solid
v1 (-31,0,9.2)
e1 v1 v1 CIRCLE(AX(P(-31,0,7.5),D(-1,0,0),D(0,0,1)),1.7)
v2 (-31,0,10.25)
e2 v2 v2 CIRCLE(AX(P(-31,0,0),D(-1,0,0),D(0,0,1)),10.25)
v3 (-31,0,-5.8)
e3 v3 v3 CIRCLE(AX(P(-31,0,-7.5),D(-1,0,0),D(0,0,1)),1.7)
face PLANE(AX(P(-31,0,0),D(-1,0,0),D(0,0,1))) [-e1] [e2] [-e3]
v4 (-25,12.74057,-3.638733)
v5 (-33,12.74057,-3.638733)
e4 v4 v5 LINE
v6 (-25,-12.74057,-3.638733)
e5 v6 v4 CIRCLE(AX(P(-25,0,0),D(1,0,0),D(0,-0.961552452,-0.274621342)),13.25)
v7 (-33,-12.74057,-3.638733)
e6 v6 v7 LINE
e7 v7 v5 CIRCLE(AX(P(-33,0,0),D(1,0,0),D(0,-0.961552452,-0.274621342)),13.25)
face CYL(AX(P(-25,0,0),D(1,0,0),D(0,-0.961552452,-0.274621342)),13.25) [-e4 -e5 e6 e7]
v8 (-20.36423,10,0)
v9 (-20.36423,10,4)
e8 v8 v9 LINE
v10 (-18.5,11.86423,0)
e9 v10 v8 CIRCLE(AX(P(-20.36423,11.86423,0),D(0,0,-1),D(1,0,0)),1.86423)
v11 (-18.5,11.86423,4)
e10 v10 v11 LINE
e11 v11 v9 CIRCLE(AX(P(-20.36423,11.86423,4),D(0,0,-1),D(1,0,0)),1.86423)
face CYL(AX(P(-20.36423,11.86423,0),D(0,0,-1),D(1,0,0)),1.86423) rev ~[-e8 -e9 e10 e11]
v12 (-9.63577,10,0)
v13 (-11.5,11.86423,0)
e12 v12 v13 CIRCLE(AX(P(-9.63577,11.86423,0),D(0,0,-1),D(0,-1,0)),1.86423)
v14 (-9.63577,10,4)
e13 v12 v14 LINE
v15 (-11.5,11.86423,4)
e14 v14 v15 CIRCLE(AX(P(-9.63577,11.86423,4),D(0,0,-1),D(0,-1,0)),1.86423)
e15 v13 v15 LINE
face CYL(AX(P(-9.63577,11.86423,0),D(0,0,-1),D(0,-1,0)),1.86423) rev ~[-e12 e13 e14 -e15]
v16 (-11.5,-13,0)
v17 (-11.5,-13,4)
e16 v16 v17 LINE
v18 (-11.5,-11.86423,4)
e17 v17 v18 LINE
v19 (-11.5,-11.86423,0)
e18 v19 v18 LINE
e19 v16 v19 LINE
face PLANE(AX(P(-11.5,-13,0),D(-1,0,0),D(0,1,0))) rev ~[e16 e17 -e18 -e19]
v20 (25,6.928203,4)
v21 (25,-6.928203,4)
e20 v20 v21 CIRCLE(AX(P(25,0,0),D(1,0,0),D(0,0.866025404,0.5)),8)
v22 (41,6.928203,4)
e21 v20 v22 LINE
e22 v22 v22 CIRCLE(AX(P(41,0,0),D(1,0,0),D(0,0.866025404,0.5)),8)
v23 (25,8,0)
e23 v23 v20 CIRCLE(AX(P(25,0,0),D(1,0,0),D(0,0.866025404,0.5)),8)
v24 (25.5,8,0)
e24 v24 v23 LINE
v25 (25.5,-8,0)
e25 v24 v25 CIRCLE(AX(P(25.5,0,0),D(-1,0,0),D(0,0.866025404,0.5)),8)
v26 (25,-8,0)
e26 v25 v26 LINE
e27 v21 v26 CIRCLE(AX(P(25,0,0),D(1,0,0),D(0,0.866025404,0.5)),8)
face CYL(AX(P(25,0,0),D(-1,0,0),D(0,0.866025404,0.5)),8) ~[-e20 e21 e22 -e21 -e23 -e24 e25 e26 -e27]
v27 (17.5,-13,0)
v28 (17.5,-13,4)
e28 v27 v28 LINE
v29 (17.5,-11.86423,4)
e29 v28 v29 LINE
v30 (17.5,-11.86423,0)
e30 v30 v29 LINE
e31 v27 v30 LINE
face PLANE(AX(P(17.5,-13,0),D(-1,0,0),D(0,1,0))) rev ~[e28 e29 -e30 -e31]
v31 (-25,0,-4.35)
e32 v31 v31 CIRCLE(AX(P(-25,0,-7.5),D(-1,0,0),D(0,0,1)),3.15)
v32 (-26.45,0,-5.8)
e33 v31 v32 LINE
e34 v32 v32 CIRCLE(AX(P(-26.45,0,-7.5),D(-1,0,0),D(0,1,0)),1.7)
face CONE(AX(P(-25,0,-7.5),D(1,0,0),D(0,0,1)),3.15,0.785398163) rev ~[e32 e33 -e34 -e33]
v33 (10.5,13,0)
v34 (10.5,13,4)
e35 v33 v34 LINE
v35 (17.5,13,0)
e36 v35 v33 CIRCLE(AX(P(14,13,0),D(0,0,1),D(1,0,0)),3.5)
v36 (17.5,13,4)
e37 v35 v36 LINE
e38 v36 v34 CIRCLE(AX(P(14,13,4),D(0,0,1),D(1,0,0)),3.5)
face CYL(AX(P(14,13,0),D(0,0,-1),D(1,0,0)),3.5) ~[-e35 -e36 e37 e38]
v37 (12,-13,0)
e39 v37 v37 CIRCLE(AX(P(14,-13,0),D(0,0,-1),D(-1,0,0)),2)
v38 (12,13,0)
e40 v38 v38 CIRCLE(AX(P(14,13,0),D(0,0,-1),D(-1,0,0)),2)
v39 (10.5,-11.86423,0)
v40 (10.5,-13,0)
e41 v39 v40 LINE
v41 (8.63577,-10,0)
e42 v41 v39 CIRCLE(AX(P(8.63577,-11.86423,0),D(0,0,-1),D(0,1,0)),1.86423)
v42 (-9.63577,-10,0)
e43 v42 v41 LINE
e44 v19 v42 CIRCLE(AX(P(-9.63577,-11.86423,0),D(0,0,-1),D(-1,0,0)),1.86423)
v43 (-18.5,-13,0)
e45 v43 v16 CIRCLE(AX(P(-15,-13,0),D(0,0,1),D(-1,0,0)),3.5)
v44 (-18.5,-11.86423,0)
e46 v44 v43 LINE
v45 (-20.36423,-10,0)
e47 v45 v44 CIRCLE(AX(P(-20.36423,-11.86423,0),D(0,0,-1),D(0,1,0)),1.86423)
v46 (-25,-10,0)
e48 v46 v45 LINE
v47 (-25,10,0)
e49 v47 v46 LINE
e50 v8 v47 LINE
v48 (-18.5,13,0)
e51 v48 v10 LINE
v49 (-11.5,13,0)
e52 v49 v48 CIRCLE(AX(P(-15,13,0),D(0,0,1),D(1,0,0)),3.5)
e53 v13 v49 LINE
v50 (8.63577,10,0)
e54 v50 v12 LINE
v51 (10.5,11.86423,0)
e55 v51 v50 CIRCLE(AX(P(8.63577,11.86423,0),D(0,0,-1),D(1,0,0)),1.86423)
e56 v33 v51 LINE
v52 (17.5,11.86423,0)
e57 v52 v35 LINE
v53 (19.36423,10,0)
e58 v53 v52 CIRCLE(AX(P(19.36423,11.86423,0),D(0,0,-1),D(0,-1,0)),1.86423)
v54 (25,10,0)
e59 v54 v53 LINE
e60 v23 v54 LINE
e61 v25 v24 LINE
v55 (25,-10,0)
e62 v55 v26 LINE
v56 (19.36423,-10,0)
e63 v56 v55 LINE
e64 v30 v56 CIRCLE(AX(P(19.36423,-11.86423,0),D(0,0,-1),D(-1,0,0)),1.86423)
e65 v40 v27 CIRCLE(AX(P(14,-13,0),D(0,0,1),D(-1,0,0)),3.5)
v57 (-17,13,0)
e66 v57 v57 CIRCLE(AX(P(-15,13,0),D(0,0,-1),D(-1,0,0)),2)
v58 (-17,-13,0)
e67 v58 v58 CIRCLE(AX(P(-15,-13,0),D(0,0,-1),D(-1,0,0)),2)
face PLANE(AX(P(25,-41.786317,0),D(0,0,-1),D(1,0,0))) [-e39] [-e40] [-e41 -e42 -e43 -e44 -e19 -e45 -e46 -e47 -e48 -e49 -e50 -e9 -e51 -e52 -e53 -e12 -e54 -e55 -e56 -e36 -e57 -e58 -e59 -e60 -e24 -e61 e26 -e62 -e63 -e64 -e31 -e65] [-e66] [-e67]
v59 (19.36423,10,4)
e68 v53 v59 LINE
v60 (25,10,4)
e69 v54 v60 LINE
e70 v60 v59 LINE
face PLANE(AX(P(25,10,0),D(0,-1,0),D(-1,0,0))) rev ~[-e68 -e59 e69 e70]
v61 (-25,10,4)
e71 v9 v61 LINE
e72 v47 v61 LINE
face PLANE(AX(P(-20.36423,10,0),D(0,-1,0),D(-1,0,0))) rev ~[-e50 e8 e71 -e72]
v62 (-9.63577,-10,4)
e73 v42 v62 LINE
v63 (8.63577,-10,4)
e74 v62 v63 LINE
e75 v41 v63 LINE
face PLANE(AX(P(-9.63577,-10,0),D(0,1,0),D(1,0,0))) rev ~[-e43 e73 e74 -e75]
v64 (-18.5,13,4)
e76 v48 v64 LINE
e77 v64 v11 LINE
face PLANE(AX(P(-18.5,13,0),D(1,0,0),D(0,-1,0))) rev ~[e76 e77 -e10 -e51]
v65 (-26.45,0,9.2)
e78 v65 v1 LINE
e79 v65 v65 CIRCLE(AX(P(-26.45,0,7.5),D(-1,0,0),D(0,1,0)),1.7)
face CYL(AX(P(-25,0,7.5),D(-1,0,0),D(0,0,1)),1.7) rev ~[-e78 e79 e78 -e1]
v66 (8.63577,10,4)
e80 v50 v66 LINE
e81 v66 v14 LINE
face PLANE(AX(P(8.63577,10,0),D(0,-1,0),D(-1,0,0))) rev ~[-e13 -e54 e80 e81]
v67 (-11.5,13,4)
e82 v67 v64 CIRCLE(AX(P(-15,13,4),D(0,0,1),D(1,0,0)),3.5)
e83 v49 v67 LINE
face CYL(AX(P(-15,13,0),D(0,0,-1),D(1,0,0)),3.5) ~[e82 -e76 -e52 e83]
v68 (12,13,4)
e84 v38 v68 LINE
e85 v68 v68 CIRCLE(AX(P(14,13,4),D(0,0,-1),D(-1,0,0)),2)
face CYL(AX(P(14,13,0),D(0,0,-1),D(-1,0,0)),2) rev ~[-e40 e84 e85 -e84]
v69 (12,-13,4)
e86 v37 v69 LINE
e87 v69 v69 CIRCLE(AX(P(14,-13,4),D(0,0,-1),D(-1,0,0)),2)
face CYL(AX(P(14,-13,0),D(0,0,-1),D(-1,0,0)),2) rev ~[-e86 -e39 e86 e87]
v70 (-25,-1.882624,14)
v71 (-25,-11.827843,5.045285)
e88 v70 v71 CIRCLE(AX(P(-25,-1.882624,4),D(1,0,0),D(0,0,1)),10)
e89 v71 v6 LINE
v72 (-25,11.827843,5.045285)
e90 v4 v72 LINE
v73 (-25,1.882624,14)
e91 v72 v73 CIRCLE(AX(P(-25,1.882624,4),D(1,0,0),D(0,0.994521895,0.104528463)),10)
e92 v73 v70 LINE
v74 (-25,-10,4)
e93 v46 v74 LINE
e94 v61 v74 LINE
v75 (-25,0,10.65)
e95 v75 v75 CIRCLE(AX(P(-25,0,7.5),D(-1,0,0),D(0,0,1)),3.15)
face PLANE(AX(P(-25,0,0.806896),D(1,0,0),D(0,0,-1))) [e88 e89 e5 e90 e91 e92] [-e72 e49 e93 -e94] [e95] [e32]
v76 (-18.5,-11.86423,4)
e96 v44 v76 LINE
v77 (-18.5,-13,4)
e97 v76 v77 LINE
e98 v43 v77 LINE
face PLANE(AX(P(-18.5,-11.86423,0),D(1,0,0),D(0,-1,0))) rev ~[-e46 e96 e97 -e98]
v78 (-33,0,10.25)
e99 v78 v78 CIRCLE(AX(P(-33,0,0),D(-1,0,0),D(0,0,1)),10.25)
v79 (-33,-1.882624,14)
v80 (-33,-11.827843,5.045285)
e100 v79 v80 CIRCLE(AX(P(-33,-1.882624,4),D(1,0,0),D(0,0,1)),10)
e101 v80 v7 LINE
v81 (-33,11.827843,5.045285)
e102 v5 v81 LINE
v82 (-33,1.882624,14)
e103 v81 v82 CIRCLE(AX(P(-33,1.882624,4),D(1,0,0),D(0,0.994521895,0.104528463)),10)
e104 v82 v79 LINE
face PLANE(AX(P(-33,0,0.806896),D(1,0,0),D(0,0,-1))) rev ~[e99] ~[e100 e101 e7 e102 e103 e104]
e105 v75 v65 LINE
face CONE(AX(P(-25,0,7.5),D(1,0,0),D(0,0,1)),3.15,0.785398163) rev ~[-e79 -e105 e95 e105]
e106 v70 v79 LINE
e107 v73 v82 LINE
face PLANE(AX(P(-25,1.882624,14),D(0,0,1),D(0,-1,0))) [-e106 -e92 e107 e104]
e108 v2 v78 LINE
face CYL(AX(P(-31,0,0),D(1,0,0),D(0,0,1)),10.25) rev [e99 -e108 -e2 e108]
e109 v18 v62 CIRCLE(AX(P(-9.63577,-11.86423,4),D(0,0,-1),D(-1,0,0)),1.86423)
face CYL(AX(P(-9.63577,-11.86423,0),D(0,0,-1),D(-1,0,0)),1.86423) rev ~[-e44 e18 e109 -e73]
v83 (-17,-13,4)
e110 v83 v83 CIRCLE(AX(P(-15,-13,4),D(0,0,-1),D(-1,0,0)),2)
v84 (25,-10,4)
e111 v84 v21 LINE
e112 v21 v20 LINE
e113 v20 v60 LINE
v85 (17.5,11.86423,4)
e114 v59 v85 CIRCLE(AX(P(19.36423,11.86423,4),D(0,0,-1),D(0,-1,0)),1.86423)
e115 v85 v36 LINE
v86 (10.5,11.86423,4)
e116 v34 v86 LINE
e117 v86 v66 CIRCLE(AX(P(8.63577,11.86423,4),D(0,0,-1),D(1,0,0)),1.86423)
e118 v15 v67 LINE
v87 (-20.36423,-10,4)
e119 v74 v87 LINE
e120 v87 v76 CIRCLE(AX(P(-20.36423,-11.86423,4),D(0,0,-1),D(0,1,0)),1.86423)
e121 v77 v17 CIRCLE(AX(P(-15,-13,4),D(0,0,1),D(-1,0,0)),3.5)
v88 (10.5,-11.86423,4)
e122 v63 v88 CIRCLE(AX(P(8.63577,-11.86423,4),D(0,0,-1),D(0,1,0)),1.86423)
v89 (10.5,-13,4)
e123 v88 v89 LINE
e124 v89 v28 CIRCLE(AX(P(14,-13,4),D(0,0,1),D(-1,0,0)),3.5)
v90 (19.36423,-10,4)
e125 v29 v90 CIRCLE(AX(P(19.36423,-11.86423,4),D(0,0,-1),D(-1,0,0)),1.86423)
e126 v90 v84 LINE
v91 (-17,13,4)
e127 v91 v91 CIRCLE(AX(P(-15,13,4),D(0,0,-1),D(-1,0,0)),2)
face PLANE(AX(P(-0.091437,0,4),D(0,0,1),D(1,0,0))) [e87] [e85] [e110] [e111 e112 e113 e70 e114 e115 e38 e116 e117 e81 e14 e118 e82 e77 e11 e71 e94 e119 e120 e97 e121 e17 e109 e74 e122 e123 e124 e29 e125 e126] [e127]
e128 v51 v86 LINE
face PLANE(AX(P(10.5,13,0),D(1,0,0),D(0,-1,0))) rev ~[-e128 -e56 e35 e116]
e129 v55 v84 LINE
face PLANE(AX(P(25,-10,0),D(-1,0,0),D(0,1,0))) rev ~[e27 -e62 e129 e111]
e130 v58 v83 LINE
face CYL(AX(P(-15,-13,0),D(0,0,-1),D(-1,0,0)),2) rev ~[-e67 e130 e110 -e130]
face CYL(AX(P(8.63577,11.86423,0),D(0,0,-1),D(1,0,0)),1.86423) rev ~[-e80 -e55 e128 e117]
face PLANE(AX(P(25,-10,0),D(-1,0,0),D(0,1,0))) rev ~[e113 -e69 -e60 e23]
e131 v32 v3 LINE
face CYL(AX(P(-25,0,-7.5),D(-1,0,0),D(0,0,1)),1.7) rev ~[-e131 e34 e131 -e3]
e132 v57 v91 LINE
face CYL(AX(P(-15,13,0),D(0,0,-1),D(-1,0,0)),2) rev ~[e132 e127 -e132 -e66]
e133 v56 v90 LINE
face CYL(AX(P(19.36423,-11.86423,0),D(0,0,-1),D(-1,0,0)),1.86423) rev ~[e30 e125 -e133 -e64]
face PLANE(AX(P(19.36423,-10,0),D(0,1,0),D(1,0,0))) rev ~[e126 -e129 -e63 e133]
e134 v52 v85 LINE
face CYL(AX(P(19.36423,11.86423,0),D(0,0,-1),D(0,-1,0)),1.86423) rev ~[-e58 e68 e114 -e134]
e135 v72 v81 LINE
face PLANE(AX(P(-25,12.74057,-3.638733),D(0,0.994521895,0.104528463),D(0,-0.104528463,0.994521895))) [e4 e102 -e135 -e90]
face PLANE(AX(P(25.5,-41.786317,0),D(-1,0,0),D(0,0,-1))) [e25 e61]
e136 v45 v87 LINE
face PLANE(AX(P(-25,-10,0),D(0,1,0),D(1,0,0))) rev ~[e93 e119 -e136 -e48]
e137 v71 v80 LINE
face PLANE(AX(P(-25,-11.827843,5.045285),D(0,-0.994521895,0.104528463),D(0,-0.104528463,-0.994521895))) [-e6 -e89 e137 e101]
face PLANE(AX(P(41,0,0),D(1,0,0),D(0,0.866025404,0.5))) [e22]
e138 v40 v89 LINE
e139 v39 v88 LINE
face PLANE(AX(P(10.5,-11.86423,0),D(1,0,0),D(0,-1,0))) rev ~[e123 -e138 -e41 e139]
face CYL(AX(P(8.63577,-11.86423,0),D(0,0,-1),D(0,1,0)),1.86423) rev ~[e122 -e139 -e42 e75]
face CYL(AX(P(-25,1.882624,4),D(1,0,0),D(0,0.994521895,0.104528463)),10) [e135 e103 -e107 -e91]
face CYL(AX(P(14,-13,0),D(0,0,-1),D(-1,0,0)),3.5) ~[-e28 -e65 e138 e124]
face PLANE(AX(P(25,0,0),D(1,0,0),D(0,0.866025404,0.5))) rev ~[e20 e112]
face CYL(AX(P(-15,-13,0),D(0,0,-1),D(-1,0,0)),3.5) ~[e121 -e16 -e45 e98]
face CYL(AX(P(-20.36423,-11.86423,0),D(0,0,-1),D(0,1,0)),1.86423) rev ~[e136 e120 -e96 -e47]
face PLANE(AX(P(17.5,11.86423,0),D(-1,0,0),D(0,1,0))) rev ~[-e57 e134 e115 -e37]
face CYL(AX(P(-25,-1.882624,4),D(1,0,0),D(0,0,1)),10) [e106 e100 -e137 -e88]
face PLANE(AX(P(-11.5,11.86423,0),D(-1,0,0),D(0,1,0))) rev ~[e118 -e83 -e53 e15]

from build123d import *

# Parameters (mm, degrees)
BOSS_EXTRU_1_DEPTH                             = 4
BOSS_EXTRU_2_DEPTH                             = 8
ENL_V_START                                    = -2
ESQUISSE3_R                                    = 10.25
ENL_V_MAT_EXTRU_1_DEPTH                        = 2
ESQUISSE6_R                                    = 2
ENL_V_MAT_EXTRU_2_DEPTH                        = 40.462007045
ESQUISSE7_R                                    = 8
BOSS_EXTRU_5_DEPTH                             = 16
ENL_V_MAT_EXTRU_3_DEPTH                        = 51.786317055
ENL_V_MAT_EXTRU_3_DEPTH_BACK                   = 51.786317055
ESQUISSE9_W                                    = 0.5
ESQUISSE9_H                                    = 9.601810628
FRAISAGE_POUR_VIS_T_TE_FRAIS_E_M31_D           = 3.4
FRAISAGE_POUR_VIS_T_TE_FRAIS_E_M31_DEPTH       = 8
FRAISAGE_POUR_VIS_T_TE_FRAIS_E_M31_CSINK_D     = 6.3
FRAISAGE_POUR_VIS_T_TE_FRAIS_E_M31_CSINK_ANGLE = 90


with BuildPart() as part:
    # Esquisse1 → Boss.-Extru.1 (new body)
    with BuildSketch(Plane.XY):
        with BuildLine():
            Line((25, -10), (25, 10))
            Line((25, 10), (19.364230348, 10))
            ThreePointArc((19.364230348, 10), (18.046020427, 10.546020427), (17.5, 11.864230348))
            Line((17.5, 11.864230348), (17.5, 13))
            ThreePointArc((17.5, 13), (14, 16.5), (10.5, 13))
            Line((10.5, 13), (10.5, 11.864230348))
            ThreePointArc((10.5, 11.864230348), (9.953979573, 10.546020427), (8.635769652, 10))
            Line((8.635769652, 10), (-9.635769652, 10))
            ThreePointArc((-9.635769652, 10), (-10.953979573, 10.546020427), (-11.5, 11.864230348))
            Line((-11.5, 11.864230348), (-11.5, 13))
            ThreePointArc((-11.5, 13), (-15, 16.5), (-18.5, 13))
            Line((-18.5, 13), (-18.5, 11.864230348))
            ThreePointArc((-18.5, 11.864230348), (-19.046020427, 10.546020427), (-20.364230348, 10))
            Line((-20.364230348, 10), (-25, 10))
            Line((-25, 10), (-25, -10))
            Line((-25, -10), (-20.364230348, -10))
            ThreePointArc((-20.364230348, -10), (-19.046020427, -10.546020427), (-18.5, -11.864230348))
            Line((-18.5, -11.864230348), (-18.5, -13))
            ThreePointArc((-18.5, -13), (-15, -16.5), (-11.5, -13))
            Line((-11.5, -13), (-11.5, -11.864230348))
            ThreePointArc((-11.5, -11.864230348), (-10.953979573, -10.546020427), (-9.635769652, -10))
            Line((-9.635769652, -10), (8.635769652, -10))
            ThreePointArc((8.635769652, -10), (9.953979573, -10.546020427), (10.5, -11.864230348))
            Line((10.5, -11.864230348), (10.5, -13))
            ThreePointArc((10.5, -13), (14, -16.5), (17.5, -13))
            Line((17.5, -13), (17.5, -11.864230348))
            ThreePointArc((17.5, -11.864230348), (18.046020427, -10.546020427), (19.364230348, -10))
            Line((19.364230348, -10), (25, -10))
        make_face()
    extrude(amount=BOSS_EXTRU_1_DEPTH)

    # Esquisse2 → Boss.-Extru.2 (add)
    with BuildSketch(Plane.ZY.offset(25)):
        with BuildLine():
            Line((-3.638732785, 12.740569992), (5.045284633, 11.827842982))
            ThreePointArc((5.045284633, 11.827842982), (11.431448255, 8.573930092), (14, 1.882624029))
            Line((14, 1.882624029), (14, -1.882624029))
            ThreePointArc((14, -1.882624029), (11.431448255, -8.573930092), (5.045284633, -11.827842982))
            Line((5.045284633, -11.827842982), (-3.638732785, -12.740569992))
            ThreePointArc((-3.638732785, -12.740569992), (-13.25, 0), (-3.638732785, 12.740569992))
        make_face()
    extrude(amount=BOSS_EXTRU_2_DEPTH)

    # Esquisse3 → Enlèv. mat.-Extru.1 (cut)
    with BuildSketch(Plane.ZY.offset(33).offset(ENL_V_START)):
        Circle(ESQUISSE3_R)
    extrude(amount=ENL_V_MAT_EXTRU_1_DEPTH, mode=Mode.SUBTRACT)

    # Esquisse6 → Enlèv. mat.-Extru.2 (cut, through all)
    with BuildSketch(Plane(origin=(0, 0, 0), x_dir=(-1, 0, 0), z_dir=(0, 0, -1))):
        with Locations((15, -13)):
            Circle(ESQUISSE6_R)
        with Locations((-14, -13)):
            Circle(ESQUISSE6_R)
        with Locations((-14, 13)):
            Circle(ESQUISSE6_R)
        with Locations((15, 13)):
            Circle(ESQUISSE6_R)
    extrude(amount=-ENL_V_MAT_EXTRU_2_DEPTH, mode=Mode.SUBTRACT)

    # Esquisse7 → Boss.-Extru.5 (add)
    with BuildSketch(Plane(origin=(25, 0, 0), x_dir=(0, 0, -1), z_dir=(1, 0, 0))):
        with Locations(Location((0, 0, 0), (0, 0, 120))):
            Circle(ESQUISSE7_R)
    extrude(amount=BOSS_EXTRU_5_DEPTH)

    # Esquisse9 → Enlèv. mat.-Extru.3 (cut, two sides: drawn at the far end of the back side and taken through both)
    with BuildSketch(Plane(origin=(0, 10, 0), x_dir=(1, 0, 0), z_dir=(0, 1, 0)).offset(-ENL_V_MAT_EXTRU_3_DEPTH_BACK)):
        with Locations((25.25, 4.800905314)):
            Rectangle(ESQUISSE9_W, ESQUISSE9_H)
    extrude(amount=ENL_V_MAT_EXTRU_3_DEPTH + ENL_V_MAT_EXTRU_3_DEPTH_BACK, mode=Mode.SUBTRACT)

    # Fraisage pour vis à tête fraisée M31
    with Locations(Plane(origin=(-25, 0, 0), x_dir=(0, 0, -1), z_dir=(1, 0, 0))):
        with Locations((-7.5, 0), (7.5, 0)):
            CounterSinkHole(FRAISAGE_POUR_VIS_T_TE_FRAIS_E_M31_D / 2, FRAISAGE_POUR_VIS_T_TE_FRAIS_E_M31_CSINK_D / 2, depth=FRAISAGE_POUR_VIS_T_TE_FRAIS_E_M31_DEPTH, counter_sink_angle=FRAISAGE_POUR_VIS_T_TE_FRAIS_E_M31_CSINK_ANGLE)


solid = part.part
